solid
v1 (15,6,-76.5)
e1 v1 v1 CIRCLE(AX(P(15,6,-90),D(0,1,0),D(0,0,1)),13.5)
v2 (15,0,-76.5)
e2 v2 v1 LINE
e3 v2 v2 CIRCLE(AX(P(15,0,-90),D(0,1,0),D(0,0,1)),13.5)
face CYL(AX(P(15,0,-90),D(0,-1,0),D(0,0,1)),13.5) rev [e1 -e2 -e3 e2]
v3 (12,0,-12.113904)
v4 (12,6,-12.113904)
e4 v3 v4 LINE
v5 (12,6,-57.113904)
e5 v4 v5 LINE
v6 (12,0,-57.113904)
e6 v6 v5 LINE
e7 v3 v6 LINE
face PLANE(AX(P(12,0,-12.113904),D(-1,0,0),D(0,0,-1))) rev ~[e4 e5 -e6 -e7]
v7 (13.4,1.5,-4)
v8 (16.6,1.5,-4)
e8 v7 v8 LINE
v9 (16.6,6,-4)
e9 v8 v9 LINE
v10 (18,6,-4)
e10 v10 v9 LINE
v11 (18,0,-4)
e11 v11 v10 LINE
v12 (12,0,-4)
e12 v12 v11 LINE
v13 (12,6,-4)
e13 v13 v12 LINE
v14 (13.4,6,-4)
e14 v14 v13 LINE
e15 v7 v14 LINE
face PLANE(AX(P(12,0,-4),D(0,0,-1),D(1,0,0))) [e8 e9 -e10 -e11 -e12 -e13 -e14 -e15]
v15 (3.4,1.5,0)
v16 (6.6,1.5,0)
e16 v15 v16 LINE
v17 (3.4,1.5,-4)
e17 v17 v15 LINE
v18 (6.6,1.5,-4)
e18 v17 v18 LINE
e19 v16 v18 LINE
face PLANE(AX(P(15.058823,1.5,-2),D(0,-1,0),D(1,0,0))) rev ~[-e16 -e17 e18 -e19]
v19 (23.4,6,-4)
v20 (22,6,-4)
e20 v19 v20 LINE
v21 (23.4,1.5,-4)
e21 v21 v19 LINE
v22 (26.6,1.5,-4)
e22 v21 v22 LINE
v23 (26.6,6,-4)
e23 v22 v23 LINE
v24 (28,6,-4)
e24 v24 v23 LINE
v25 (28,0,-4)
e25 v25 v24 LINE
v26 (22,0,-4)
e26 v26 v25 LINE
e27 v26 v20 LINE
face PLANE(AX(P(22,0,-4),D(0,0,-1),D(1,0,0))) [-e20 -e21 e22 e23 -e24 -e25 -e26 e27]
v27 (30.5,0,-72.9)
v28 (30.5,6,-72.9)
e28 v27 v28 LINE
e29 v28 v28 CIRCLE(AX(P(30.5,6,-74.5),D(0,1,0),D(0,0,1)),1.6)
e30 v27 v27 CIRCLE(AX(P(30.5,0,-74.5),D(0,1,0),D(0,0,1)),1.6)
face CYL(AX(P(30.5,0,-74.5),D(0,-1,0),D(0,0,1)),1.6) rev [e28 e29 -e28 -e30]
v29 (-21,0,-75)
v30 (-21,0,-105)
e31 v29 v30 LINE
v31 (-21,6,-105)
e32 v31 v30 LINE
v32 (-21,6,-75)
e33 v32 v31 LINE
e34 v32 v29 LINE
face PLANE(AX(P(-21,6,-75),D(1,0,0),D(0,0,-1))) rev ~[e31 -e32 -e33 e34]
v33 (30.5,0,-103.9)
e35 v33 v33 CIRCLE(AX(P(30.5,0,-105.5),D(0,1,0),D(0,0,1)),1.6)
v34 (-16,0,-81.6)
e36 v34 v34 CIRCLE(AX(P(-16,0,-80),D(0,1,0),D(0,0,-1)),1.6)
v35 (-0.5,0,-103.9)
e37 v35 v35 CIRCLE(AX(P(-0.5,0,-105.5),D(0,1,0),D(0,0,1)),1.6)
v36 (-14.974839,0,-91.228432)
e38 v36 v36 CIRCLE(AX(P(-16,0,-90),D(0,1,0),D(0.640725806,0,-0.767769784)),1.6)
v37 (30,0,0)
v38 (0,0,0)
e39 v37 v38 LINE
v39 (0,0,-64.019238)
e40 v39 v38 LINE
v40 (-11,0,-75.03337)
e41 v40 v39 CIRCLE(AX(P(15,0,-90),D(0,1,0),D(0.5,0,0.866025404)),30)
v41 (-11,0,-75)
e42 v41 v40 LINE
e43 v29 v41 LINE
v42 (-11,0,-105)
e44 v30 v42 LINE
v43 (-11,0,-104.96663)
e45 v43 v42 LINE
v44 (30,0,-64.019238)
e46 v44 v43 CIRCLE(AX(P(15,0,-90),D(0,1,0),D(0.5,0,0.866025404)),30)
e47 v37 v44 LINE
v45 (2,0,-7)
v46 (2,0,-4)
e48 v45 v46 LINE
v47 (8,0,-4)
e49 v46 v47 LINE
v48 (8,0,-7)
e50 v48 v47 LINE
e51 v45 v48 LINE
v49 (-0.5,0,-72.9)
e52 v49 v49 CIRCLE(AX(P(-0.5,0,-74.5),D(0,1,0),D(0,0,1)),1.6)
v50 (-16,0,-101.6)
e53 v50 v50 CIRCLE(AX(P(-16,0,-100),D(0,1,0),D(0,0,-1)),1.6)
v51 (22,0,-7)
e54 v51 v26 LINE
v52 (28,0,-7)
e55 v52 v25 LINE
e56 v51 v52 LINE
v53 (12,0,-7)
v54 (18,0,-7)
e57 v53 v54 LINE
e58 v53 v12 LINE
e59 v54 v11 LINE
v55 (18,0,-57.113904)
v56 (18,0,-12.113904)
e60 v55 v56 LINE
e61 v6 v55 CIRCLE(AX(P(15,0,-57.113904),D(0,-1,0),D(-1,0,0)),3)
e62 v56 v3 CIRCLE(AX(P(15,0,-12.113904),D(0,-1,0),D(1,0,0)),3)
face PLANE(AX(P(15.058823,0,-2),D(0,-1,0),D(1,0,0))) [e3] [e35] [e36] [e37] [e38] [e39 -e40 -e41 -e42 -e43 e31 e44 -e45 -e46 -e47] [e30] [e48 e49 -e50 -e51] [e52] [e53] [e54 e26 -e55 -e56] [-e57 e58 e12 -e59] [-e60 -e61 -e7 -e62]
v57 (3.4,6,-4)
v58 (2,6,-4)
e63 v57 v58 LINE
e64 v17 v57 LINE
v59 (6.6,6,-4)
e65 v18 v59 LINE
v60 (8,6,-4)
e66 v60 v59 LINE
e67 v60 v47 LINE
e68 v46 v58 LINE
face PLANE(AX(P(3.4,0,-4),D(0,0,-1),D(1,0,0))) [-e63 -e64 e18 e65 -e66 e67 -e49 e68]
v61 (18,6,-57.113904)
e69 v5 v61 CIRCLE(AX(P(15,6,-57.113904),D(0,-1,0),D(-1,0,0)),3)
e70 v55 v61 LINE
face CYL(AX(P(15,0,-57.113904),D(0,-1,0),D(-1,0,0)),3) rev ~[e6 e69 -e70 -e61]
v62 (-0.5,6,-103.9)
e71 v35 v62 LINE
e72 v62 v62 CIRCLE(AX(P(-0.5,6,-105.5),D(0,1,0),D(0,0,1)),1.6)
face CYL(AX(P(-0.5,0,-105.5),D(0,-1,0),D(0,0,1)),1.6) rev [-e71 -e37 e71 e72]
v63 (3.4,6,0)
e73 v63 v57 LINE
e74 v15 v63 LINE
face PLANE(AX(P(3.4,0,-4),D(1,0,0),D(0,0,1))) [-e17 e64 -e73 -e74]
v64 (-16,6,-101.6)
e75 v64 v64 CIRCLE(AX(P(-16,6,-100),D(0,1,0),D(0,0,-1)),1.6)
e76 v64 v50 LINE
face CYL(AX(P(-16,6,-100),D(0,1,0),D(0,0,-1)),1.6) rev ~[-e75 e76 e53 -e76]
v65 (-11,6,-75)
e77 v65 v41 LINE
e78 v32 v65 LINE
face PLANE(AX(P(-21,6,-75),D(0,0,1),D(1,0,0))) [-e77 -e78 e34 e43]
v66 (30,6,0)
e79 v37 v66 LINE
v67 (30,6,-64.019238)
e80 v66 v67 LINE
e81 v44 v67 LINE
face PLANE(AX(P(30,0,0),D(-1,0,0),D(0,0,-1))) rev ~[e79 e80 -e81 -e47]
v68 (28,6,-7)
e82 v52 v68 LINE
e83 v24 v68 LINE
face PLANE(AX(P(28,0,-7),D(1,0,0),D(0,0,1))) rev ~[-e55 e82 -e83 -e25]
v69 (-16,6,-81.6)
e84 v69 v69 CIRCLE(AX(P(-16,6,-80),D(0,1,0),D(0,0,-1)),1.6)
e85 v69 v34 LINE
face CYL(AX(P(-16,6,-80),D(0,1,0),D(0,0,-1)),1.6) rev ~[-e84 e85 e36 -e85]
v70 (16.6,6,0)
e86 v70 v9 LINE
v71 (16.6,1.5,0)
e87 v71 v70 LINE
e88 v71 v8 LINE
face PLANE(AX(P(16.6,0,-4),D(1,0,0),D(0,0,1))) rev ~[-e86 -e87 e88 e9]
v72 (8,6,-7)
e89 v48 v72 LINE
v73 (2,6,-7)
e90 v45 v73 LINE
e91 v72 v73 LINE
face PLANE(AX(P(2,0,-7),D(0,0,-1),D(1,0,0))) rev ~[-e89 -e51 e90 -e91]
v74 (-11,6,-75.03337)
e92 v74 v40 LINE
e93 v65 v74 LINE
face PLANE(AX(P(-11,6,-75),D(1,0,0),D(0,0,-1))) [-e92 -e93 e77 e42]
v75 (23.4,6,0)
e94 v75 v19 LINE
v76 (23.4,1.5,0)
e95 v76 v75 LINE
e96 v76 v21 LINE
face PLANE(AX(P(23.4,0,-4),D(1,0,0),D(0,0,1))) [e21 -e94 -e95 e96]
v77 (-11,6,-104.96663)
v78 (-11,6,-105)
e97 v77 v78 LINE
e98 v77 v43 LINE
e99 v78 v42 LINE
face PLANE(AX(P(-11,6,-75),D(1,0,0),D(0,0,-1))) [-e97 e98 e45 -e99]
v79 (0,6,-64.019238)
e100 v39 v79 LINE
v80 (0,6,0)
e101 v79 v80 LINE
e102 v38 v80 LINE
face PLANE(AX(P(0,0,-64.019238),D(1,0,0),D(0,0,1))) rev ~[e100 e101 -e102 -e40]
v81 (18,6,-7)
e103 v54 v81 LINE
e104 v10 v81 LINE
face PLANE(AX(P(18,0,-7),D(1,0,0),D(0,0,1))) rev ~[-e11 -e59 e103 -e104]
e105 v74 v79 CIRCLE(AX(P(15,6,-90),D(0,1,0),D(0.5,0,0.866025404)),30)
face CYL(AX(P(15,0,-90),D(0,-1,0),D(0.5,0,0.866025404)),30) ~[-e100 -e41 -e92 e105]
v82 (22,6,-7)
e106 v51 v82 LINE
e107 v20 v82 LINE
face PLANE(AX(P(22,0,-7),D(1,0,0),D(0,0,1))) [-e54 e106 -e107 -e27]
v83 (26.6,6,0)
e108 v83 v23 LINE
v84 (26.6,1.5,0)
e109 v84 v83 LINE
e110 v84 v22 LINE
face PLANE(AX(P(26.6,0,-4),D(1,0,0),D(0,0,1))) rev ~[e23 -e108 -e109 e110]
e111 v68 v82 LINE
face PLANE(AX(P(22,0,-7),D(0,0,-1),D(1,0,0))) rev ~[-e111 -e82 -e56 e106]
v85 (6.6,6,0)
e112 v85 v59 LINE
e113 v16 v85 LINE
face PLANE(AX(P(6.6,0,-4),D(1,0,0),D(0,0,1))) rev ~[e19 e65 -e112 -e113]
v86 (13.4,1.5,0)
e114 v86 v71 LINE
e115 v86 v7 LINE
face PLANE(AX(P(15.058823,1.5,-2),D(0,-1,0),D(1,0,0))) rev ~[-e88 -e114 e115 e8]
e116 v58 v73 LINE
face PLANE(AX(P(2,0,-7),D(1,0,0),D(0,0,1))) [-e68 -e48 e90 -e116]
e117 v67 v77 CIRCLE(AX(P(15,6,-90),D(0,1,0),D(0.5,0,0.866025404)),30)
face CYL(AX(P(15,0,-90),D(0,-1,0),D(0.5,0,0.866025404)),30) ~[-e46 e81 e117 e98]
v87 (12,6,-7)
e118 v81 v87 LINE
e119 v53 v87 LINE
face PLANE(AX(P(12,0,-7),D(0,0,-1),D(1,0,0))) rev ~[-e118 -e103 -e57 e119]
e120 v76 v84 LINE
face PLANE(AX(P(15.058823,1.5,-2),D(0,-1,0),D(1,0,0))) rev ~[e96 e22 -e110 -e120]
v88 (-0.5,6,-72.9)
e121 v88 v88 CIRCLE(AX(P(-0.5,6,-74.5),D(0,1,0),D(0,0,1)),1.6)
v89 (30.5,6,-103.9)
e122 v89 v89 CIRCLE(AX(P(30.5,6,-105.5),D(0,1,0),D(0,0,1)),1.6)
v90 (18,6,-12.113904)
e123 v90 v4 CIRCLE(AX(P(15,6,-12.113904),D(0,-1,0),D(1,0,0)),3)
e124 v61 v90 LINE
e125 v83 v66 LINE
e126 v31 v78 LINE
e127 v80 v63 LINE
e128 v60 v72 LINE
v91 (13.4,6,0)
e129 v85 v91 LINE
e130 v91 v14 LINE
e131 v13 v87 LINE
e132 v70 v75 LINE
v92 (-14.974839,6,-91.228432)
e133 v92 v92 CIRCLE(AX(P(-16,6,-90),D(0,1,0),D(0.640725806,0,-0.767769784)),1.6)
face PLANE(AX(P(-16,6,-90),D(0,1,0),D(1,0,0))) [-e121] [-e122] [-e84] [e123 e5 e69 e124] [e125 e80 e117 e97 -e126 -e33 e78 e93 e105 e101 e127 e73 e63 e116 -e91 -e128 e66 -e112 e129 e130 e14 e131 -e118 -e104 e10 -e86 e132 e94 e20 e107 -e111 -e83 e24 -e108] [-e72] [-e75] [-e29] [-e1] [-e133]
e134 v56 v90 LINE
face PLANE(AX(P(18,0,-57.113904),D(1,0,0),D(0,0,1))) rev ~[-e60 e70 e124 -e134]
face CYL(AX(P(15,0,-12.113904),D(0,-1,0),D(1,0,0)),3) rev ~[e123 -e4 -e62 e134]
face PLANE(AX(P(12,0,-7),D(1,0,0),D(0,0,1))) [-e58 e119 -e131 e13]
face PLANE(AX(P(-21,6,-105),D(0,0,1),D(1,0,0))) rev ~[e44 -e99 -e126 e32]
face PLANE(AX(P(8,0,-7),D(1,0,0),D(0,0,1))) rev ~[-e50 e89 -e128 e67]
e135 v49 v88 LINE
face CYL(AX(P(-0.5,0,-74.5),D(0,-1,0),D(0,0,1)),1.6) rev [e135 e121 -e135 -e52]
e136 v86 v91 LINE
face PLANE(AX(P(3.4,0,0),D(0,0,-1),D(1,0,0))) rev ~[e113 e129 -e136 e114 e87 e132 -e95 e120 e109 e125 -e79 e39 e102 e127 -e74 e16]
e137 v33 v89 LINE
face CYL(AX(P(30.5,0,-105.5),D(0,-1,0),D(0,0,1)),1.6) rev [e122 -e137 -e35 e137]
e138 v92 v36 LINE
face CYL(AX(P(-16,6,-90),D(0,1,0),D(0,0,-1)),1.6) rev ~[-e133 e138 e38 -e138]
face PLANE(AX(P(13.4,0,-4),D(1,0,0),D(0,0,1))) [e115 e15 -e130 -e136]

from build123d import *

# Parameters (mm, degrees)
SKETCH_1_R          = 1.6
SKETCH_1_R_2        = 13.5
EXTRUDE_1_DEPTH     = 6
SKETCH_3_W          = 10
SKETCH_3_H          = 30
SKETCH_3_R          = 1.6
EXTRUDE_2_DEPTH     = 6
SKETCH_7_W          = 3.2
SKETCH_7_H          = 4
CUT_EXTRUDE_3_DEPTH = 14.5
SKETCH_8_W          = 6
SKETCH_8_H          = 3
CUT_EXTRUDE_4_DEPTH = 14.5
SKETCH_10_W         = 23.31764578
SKETCH_10_H         = 4
EXTRUDE_3_DEPTH     = 1.5
SKETCH_11_R         = 1.6
CUT_EXTRUDE_5_DEPTH = 10


with BuildPart() as part:
    # 草图1 → 凸台-拉伸1 (new body)
    with BuildSketch(Plane(origin=(0, 0, 0), x_dir=(1, 0, 0), z_dir=(0, 1, 0))):
        with BuildLine():
            Line((0, 64.019237886), (0, 0))
            Line((0, 0), (30, 0))
            Line((30, 0), (30, 64.019237886))
            ThreePointArc((30, 64.019237886), (15, 120), (0, 64.019237886))
        make_face()
        with BuildLine():
            ThreePointArc((12, 57.113903717), (15, 60.113903717), (18, 57.113903717))
            Line((18, 57.113903717), (18, 12.113903717))
            ThreePointArc((18, 12.113903717), (15, 9.113903717), (12, 12.113903717))
            Line((12, 12.113903717), (12, 57.113903717))
        make_face(mode=Mode.SUBTRACT)
        with Locations(Location((-0.5, 74.5, 0), (0, 0, 270))):
            Circle(SKETCH_1_R, mode=Mode.SUBTRACT)
        with Locations(Location((15, 90, 0), (0, 0, 270))):
            Circle(SKETCH_1_R_2, mode=Mode.SUBTRACT)
        with Locations(Location((30.5, 74.5, 0), (0, 0, 270))):
            Circle(SKETCH_1_R, mode=Mode.SUBTRACT)
        with Locations(Location((30.5, 105.5, 0), (0, 0, 270))):
            Circle(SKETCH_1_R, mode=Mode.SUBTRACT)
        with Locations(Location((-0.5, 105.5, 0), (0, 0, 270))):
            Circle(SKETCH_1_R, mode=Mode.SUBTRACT)
    extrude(amount=EXTRUDE_1_DEPTH)

    # 草图3 → 凸台-拉伸2 (add)
    with BuildSketch(Plane(origin=(0, 6, 0), x_dir=(1, 0, 0), z_dir=(0, 1, 0))):
        with Locations((-16, 90)):
            Rectangle(SKETCH_3_W, SKETCH_3_H)
        with Locations(Location((-16, 80, 0), (0, 0, 90))):
            Circle(SKETCH_3_R, mode=Mode.SUBTRACT)
        with Locations((-16, 90)):
            Circle(SKETCH_3_R, mode=Mode.SUBTRACT)
        with Locations(Location((-16, 100, 0), (0, 0, 90))):
            Circle(SKETCH_3_R, mode=Mode.SUBTRACT)
    extrude(amount=-EXTRUDE_2_DEPTH)

    # 草图7 → 切除-拉伸3 (cut)
    with BuildSketch(Plane.XZ):
        with Locations((25, -2)):
            Rectangle(SKETCH_7_W, SKETCH_7_H)
        with Locations((15, -2)):
            Rectangle(SKETCH_7_W, SKETCH_7_H)
        with Locations((5, -2)):
            Rectangle(SKETCH_7_W, SKETCH_7_H)
    extrude(amount=-CUT_EXTRUDE_3_DEPTH, mode=Mode.SUBTRACT)

    # 草图8 → 切除-拉伸4 (cut)
    with BuildSketch(Plane.XZ):
        with Locations((5, -5.5)):
            Rectangle(SKETCH_8_W, SKETCH_8_H)
        with Locations((15, -5.5)):
            Rectangle(SKETCH_8_W, SKETCH_8_H)
        with Locations((25, -5.5)):
            Rectangle(SKETCH_8_W, SKETCH_8_H)
    extrude(amount=-CUT_EXTRUDE_4_DEPTH, mode=Mode.SUBTRACT)

    # 草图10 → 凸台-拉伸3 (add)
    with BuildSketch(Plane.XZ):
        with Locations((15.05882289, -2)):
            Rectangle(SKETCH_10_W, SKETCH_10_H)
    extrude(amount=-EXTRUDE_3_DEPTH)

    # 草图11 → 切除-拉伸5 (cut)
    with BuildSketch(Plane(origin=(0, 6, 0), x_dir=(1, 0, 0), z_dir=(0, 1, 0))):
        with Locations(Location((-16, 90, 0), (0, 0, 90))):
            Circle(SKETCH_11_R)
    extrude(amount=-CUT_EXTRUDE_5_DEPTH, mode=Mode.SUBTRACT)


solid = part.part
